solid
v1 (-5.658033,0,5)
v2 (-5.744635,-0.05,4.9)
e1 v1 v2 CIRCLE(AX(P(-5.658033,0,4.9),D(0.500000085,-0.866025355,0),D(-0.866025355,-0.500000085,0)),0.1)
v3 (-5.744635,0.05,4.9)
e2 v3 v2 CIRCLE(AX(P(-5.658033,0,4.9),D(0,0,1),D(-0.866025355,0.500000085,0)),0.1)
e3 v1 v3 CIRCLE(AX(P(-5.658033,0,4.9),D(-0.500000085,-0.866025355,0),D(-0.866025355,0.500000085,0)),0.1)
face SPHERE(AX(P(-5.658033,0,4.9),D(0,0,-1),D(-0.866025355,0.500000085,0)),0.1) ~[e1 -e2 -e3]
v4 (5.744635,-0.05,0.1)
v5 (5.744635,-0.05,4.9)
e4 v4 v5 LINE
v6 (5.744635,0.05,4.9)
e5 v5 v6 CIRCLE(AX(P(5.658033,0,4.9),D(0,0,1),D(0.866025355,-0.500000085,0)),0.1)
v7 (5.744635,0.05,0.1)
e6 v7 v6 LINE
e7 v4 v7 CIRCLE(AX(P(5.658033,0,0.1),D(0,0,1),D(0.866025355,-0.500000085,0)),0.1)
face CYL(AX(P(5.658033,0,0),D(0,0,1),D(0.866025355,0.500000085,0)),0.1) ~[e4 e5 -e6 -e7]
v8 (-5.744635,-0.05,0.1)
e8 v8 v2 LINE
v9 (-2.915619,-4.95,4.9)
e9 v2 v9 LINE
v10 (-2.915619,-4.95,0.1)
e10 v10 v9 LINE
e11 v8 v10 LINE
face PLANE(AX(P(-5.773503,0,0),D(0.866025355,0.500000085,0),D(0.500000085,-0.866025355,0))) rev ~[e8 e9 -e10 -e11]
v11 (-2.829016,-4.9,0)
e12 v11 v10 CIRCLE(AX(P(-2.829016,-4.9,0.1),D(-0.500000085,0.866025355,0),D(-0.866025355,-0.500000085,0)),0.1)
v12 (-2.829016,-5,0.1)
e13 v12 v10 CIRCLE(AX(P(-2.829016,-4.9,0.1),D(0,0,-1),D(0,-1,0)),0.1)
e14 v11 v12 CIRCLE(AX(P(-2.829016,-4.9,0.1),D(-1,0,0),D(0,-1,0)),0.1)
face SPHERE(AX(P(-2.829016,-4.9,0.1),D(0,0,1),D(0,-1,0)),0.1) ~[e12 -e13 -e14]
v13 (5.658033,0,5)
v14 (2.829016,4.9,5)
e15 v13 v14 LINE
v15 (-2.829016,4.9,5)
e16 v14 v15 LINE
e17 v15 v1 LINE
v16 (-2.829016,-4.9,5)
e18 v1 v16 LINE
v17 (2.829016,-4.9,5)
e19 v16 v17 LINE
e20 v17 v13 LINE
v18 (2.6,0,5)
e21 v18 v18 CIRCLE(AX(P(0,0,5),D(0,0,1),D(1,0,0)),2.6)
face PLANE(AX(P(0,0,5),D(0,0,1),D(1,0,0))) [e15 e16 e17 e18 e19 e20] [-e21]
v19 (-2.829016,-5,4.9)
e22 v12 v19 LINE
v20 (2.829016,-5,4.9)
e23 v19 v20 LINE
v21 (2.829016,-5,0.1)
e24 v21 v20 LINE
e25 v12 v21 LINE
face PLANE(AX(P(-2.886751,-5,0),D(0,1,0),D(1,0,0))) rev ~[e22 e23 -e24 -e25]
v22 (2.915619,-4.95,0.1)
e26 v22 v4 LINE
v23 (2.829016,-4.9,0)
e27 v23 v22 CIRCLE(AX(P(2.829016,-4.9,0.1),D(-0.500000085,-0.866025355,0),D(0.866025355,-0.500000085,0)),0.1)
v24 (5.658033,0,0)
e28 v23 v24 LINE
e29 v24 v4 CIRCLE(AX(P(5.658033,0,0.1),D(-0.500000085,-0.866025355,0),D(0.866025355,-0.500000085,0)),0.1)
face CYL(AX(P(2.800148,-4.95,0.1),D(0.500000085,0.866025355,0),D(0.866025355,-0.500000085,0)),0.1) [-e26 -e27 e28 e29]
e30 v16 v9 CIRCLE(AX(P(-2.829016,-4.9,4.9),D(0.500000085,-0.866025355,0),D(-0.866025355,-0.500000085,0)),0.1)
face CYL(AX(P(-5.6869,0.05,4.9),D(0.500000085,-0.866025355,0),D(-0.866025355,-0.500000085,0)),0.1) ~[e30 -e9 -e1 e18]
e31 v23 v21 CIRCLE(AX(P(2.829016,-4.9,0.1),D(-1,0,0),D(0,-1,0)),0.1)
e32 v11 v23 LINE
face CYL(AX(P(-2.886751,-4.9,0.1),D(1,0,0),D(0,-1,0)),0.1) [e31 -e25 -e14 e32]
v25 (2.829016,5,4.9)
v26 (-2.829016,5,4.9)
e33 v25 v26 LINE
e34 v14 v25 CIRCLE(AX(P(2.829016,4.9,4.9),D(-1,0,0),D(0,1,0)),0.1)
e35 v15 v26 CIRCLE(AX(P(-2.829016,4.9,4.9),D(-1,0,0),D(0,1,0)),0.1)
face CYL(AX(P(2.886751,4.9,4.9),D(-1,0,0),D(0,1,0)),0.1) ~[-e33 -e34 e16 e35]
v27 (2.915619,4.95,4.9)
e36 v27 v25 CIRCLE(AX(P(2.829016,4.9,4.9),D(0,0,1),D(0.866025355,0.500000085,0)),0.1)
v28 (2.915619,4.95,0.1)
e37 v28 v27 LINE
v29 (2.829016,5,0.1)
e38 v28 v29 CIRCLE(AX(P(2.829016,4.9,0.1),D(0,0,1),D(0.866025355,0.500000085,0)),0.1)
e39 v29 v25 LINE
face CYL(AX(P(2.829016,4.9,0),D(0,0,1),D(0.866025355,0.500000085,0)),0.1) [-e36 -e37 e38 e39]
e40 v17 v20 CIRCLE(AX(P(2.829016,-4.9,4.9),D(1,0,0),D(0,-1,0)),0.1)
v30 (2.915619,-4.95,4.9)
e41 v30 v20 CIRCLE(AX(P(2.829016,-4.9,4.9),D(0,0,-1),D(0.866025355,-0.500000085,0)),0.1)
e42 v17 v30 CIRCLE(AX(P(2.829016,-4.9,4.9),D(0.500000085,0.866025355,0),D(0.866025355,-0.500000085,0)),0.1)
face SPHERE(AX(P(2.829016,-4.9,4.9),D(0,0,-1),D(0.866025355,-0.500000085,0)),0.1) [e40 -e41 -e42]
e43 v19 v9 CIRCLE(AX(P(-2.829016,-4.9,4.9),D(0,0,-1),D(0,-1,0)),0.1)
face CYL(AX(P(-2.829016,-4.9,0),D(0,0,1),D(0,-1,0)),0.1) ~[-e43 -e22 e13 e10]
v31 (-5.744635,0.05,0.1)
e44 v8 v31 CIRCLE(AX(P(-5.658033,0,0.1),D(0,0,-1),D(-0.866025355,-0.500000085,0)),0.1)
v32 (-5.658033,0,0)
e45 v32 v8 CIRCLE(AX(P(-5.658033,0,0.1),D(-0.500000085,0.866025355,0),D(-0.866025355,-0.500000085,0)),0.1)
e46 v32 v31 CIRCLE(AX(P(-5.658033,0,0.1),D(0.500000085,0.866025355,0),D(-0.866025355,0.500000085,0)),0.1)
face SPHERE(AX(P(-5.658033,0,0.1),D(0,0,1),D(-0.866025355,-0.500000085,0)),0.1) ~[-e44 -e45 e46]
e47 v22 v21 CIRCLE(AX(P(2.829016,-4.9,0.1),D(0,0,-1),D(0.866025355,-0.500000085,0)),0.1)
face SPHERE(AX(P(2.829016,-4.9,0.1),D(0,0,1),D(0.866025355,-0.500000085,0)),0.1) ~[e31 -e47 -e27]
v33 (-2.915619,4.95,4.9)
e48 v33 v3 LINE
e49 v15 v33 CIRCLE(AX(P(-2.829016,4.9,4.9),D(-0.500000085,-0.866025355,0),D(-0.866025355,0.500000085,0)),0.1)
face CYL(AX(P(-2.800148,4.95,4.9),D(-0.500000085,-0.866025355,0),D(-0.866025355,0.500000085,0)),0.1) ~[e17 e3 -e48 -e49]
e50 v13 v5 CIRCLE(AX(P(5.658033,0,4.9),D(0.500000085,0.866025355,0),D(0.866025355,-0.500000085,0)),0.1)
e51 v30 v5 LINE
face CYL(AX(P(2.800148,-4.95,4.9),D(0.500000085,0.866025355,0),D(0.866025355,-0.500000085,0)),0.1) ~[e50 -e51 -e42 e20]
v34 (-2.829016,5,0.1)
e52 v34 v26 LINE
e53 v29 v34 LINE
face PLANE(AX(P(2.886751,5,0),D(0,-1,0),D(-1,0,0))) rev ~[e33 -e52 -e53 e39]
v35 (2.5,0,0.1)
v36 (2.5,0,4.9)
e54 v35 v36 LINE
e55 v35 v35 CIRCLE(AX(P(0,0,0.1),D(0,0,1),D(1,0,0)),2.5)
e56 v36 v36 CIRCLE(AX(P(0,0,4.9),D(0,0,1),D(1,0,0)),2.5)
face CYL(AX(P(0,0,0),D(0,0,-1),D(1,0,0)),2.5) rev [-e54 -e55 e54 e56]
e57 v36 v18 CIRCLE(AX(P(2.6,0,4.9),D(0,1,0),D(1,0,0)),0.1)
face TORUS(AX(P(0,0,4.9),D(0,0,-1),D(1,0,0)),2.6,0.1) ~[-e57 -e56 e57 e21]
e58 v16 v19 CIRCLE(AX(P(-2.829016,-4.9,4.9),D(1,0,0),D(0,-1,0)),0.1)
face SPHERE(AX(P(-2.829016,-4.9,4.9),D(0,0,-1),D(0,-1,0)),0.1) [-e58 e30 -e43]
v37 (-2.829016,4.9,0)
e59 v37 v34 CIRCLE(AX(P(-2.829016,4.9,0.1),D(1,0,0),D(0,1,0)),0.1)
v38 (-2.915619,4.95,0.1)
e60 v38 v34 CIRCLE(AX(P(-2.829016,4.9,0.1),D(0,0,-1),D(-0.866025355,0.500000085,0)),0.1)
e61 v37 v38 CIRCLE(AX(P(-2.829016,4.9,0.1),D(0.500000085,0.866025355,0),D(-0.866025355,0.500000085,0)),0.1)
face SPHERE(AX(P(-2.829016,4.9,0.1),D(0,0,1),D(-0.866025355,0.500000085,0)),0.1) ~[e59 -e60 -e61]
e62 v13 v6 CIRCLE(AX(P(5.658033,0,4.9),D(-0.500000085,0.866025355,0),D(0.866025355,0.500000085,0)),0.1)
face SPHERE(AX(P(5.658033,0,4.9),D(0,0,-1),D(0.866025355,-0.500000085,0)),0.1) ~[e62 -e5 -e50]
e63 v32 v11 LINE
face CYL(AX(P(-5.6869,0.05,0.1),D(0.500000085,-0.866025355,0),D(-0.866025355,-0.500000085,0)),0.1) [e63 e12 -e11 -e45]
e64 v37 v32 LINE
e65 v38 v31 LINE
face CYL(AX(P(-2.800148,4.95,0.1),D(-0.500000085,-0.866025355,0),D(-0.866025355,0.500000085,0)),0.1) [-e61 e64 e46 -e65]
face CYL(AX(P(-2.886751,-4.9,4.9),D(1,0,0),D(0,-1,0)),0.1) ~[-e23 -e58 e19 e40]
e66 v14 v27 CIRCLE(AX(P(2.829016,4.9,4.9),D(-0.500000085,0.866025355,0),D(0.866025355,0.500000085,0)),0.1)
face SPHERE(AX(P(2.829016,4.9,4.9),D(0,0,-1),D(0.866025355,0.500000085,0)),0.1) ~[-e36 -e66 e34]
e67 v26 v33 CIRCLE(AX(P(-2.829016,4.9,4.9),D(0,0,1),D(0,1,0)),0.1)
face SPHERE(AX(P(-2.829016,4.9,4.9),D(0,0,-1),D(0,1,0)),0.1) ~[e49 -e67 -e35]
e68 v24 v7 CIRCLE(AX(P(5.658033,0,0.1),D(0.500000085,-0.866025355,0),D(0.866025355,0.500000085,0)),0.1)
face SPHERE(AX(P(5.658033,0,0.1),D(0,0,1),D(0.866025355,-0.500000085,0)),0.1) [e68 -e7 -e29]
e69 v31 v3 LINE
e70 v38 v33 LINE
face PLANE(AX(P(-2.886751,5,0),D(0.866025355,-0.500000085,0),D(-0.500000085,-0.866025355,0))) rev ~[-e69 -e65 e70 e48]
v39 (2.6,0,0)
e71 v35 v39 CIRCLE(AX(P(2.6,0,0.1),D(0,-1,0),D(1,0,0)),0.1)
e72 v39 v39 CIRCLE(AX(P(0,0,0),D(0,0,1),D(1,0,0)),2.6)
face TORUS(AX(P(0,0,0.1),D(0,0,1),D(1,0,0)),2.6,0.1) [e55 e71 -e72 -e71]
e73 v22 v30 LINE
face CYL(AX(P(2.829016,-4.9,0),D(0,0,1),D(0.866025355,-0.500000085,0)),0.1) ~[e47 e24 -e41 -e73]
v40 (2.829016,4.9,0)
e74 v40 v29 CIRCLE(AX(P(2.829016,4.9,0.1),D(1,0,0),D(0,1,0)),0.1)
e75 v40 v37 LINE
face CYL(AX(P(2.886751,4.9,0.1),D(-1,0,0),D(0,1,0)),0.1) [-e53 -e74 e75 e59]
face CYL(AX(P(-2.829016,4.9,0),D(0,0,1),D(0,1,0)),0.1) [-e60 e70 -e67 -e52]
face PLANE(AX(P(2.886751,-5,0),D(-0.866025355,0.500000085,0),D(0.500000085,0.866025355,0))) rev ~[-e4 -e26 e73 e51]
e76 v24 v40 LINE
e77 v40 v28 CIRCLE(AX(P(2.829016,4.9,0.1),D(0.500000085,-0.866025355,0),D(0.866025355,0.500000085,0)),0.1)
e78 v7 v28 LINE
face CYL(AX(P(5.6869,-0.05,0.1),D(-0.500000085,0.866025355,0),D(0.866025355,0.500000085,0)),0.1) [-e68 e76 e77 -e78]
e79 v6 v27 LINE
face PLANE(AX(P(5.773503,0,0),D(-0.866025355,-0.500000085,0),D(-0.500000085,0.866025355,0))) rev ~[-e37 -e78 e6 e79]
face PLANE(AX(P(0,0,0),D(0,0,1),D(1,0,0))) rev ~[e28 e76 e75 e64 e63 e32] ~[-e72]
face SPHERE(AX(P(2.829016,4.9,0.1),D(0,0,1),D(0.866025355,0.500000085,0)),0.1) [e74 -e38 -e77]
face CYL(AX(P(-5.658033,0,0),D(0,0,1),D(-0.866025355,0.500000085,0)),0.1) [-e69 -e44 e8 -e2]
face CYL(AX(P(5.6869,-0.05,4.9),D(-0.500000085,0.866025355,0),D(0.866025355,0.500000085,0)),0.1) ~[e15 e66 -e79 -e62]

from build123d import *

# Parameters (mm, degrees)
F0_R     = 2.5
F1_DEPTH = 5
F2_R     = 0.1


with BuildPart() as f1:
    # F0 (on Top) → F1 (new body)
    with BuildSketch(Plane.XY):
        Polygon((5.773503, 0), (2.886751, 5), (-2.886751, 5), (-5.773503, 0), (-2.886751, -5), (2.886751, -5), align=None)
        Circle(F0_R, mode=Mode.SUBTRACT)
    extrude(amount=F1_DEPTH)

    # F2
    f2_edges = [f1.edges().sort_by_distance(p)[0] for p in [
        (2.886751, -5, 2.5),
        (5.773503, 0, 2.5),
        (4.330127, -2.5, 0),
        (4.330127, -2.5, 5),
        (-2.886751, -5, 2.5),
        (0, -5, 0),
        (0, -5, 5),
        (4.330127, 2.5, 5),
        (0, 5, 5),
        (-4.330127, 2.5, 5),
        (-4.330127, -2.5, 5),
        (-2.5, 0, 5),
        (2.886751, 5, 2.5),
        (4.330127, 2.5, 0),
        (-5.773503, 0, 2.5),
        (-4.330127, -2.5, 0),
        (-2.886751, 5, 2.5),
        (-4.330127, 2.5, 0),
        (0, 5, 0),
        (-2.5, 0, 0),
    ]]
    fillet(f2_edges, radius=F2_R)


solid = f1.part
